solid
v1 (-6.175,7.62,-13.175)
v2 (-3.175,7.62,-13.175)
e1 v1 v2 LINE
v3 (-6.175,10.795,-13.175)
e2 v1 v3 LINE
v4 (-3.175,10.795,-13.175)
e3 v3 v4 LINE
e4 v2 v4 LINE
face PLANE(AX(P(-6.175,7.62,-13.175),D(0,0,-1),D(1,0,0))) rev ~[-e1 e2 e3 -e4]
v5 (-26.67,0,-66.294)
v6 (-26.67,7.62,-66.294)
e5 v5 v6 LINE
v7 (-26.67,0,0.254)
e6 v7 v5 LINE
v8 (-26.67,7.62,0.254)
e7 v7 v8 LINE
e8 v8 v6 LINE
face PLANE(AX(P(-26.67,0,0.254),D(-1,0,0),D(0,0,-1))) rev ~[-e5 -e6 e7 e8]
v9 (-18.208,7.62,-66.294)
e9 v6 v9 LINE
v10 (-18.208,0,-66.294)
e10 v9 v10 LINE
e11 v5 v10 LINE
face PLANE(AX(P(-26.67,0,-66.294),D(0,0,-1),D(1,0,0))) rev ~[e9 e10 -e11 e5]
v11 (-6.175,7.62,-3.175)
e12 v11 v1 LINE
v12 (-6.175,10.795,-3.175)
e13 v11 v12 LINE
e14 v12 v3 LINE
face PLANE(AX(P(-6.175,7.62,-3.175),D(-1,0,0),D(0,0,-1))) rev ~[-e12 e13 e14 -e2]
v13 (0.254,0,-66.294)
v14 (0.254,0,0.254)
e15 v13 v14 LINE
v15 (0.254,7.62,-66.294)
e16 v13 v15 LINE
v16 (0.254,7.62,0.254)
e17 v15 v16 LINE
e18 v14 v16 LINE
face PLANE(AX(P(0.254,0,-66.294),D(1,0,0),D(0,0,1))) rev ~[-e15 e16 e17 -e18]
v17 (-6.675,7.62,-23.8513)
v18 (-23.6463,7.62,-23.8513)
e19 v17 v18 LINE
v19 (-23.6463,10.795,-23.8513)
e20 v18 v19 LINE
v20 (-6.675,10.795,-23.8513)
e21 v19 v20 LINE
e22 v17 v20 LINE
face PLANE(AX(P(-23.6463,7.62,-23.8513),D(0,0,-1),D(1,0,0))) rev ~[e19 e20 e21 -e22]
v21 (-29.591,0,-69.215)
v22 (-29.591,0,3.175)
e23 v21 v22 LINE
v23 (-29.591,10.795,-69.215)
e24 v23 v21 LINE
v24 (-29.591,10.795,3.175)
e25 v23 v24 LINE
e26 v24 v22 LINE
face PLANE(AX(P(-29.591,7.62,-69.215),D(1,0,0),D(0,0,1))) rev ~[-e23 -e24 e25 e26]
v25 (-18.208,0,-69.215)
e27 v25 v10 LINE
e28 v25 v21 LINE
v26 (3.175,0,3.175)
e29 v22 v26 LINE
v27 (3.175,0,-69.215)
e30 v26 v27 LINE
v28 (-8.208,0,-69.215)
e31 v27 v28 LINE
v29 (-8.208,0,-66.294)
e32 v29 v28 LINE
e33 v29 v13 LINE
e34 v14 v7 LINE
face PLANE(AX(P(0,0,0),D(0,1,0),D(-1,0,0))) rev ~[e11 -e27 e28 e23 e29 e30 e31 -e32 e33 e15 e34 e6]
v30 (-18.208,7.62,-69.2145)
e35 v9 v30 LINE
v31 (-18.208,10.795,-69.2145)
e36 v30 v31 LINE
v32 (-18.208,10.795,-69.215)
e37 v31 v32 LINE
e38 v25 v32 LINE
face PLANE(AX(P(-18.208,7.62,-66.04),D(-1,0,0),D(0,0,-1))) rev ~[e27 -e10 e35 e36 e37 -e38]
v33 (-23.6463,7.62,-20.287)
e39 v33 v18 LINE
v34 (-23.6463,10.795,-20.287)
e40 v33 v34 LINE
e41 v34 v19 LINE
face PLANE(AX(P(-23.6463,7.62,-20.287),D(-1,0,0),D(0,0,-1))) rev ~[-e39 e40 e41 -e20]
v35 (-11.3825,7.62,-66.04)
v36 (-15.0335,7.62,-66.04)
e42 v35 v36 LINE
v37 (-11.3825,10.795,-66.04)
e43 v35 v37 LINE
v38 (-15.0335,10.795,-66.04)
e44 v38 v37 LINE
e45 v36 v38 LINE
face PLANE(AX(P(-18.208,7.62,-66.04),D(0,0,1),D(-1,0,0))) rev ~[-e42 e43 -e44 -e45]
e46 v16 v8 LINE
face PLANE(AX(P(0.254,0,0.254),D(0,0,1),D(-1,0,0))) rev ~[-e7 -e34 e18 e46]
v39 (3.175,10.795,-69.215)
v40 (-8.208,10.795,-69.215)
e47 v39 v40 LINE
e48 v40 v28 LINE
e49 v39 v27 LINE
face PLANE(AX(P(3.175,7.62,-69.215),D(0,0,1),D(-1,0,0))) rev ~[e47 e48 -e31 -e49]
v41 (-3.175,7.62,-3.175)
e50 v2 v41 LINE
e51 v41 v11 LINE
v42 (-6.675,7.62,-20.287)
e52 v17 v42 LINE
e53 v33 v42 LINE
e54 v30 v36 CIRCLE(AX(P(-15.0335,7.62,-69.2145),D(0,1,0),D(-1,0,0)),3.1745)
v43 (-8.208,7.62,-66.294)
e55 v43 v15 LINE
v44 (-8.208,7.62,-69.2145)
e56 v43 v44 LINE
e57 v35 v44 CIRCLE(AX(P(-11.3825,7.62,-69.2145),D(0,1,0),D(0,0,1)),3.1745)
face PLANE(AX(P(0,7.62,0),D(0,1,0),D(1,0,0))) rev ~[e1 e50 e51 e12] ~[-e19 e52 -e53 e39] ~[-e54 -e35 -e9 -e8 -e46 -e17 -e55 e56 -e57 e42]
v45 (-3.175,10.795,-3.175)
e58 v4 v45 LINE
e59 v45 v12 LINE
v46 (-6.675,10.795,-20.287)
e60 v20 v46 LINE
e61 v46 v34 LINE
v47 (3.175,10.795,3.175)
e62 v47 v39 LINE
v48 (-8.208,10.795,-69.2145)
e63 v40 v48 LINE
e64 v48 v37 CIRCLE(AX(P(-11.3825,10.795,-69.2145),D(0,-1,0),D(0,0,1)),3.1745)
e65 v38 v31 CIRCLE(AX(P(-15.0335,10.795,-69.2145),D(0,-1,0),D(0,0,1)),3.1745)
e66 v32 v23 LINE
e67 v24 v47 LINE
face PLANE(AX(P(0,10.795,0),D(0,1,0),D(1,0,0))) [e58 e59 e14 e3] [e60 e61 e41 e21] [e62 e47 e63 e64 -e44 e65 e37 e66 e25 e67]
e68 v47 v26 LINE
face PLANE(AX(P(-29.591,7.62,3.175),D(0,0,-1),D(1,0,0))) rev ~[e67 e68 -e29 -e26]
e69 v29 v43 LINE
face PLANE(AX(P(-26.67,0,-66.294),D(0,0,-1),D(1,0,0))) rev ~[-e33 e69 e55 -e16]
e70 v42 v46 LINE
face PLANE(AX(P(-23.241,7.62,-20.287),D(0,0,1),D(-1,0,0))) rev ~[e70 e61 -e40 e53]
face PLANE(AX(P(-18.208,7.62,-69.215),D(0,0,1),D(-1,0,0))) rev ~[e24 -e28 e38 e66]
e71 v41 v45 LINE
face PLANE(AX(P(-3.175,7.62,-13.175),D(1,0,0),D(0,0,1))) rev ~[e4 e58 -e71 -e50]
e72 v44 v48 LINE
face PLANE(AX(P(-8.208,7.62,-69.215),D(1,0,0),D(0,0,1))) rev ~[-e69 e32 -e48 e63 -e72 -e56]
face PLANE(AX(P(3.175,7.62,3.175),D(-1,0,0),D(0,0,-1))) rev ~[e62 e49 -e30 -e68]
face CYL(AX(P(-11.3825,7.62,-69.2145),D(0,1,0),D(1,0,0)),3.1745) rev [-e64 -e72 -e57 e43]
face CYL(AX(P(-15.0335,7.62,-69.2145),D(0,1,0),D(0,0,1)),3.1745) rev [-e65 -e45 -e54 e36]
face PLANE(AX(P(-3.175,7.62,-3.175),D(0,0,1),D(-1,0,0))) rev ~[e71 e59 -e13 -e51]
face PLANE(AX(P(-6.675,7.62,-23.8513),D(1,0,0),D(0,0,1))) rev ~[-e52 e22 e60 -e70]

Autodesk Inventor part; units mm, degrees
ref_plane "YZ Plane" through (0, 0, 0) normal (1, 0, 0) x (0, 1, 0)
ref_plane "XZ Plane" through (0, 0, 0) normal (0, 1, 0) x (-1, 0, 0)
ref_plane "XY Plane" through (0, 0, 0) normal (0, 0, 1) x (1, 0, 0)
sketch "Sketch1" plane through (0, 0, 0) normal (0, 1, 0) x (-1, 0, 0)
  line L0 (0, 0) -> (26.416, 0)
  line L1 (26.416, 0) -> (26.416, -66.04)
  line L2 (26.416, -66.04) -> (0, -66.04)
  line L3 (0, -66.04) -> (0, 0)
  line L4 (29.591, -69.215) -> (29.591, 3.175)
  line L5 (29.591, 3.175) -> (-3.175, 3.175)
  line L6 (-3.175, 3.175) -> (-3.175, -69.215)
  line L7 (-3.175, -69.215) -> (29.591, -69.215)
  line L8 (13.208, -69.215) -> (18.208, -69.215)
  line L9 (18.208, -69.215) -> (18.208, -66.04)
  line L10 (18.208, -66.04) -> (13.208, -66.04)
  line L11 (13.208, -66.04) -> (13.208, -69.215)
  line L12 (13.208, -66.04) -> (8.208, -66.04)
  line L13 (8.208, -66.04) -> (8.208, -69.215)
  line L14 (8.208, -69.215) -> (13.208, -69.215)
  line L15 (13.208, -69.215) -> (13.208, -66.04)
  point P0 (18.208, -69.215)
  point P1 (8.208, -66.04)
  dimension "d0" = 26.416
  dimension "d1" = 66.04
  dimension "d2" = 3.175
  dimension "d3" = 5
  dimension "d4" = 5
extrude "Extrusion1" add sketch "Sketch1" along normal blind 7.62 contours L3 L2 L13 L7 L6 L5 L4 L9 L1 L0
sketch "Sketch2" plane through (0, 7.62, 0) normal (0, 1, 0) x (1, 0, 0)
  line L0 (-26.416, 0) -> (-26.416, 66.04) projected
  line L1 (-26.416, 0) -> (0, 0)
  line L2 (0, 0) -> (0, 66.04)
  line L3 (0, 66.04) -> (-26.416, 66.04)
  line L4 (-26.416, 66.04) -> (-26.416, 0)
  line L5 (-3.175, 3.175) -> (-23.241, 3.175)
  line L6 (-23.241, 3.175) -> (-23.241, 62.865)
  line L7 (-23.241, 62.865) -> (-3.175, 62.865)
  line L8 (-3.175, 62.865) -> (-3.175, 3.175)
  line L9 (-3.175, 3.175) -> (-6.175, 3.175)
  line L10 (-6.175, 3.175) -> (-6.175, 13.175)
  line L11 (-6.175, 13.175) -> (-3.175, 13.175)
  line L12 (-3.175, 13.175) -> (-3.175, 3.175)
  line L13 (-26.416, 66.04) -> (-18.208, 66.04) projected
  line L14 (0, 66.04) -> (0, 0) projected
  line L15 (-6.175, 13.175) -> (-6.675, 13.175)
  line L16 (-6.675, 13.175) -> (-6.675, 20.287)
  line L17 (-6.675, 20.287) -> (-6.175, 20.287)
  line L18 (-6.175, 20.287) -> (-6.175, 13.175)
  line L19 (-6.675, 20.287) -> (-23.6463, 20.287)
  line L20 (-23.6463, 20.287) -> (-23.6463, 23.8513)
  line L21 (-23.6463, 23.8513) -> (-6.675, 23.8513)
  line L22 (-6.675, 23.8513) -> (-6.675, 20.287)
  point P0 (-26.416, 66.04)
  dimension "d8" = 3.175
  dimension "d9" = 3
  dimension "d10" = 10
  dimension "d11" = 0.5
  dimension "d12" = 7.112
extrude "Extrusion2" add sketch "Sketch2" along normal blind 3.175 contours L0 L3 L2 L1 | L5 L6 L19 L16 L15 L10 | L11 L18 L17 L22 L21 L6 L7 L8 | L15 L16 L17 L18
sketch "Sketch3" plane through (0, 7.62, 0) normal (0, 1, 0) x (1, 0, 0)
  line L0 (-26.416, 66.04) -> (-18.208, 66.04) projected
  line L1 (-18.208, 66.04) -> (-18.208, 69.215) projected
  line L2 (-18.208, 69.215) -> (-29.591, 69.215) projected
  line L3 (-29.591, 69.215) -> (-29.591, -3.175) projected
  line L4 (-29.591, -3.175) -> (3.175, -3.175) projected
  line L5 (3.175, -3.175) -> (3.175, 69.215) projected
  line L6 (3.175, 69.215) -> (-8.208, 69.215) projected
  line L7 (-8.208, 69.215) -> (-8.208, 66.04) projected
  line L8 (-8.208, 66.04) -> (0, 66.04) projected
  line L9 (0, 66.04) -> (0, 0) projected
  line L10 (0, 0) -> (-26.416, 0) projected
  line L11 (-26.416, 0) -> (-26.416, 66.04) projected
extrude "Extrusion3" add sketch "Sketch3" along normal blind 3.175
fillet "Fillet1" radius 3.175 2 edges at (-18.208, 9.2075, -66.04) (-8.208, 9.2075, -66.04)
sketch "Sketch4" plane through (0, 0, 0) normal (0, -1, 0) x (1, 0, 0)
  line L0 (0, 0) -> (-26.416, 0) projected
  line L1 (-26.416, -66.04) -> (-18.208, -66.04) projected
  line L2 (0, 0) -> (-26.416, 0)
  line L3 (-26.416, 0) -> (-26.416, -66.04)
  line L4 (-26.416, -66.04) -> (0, -66.04)
  line L5 (0, -66.04) -> (0, 0)
  line L6 (0.254, 0.254) -> (-26.67, 0.254)
  line L7 (-26.67, 0.254) -> (-26.67, -66.294)
  line L8 (-26.67, -66.294) -> (0.254, -66.294)
  line L9 (0.254, -66.294) -> (0.254, 0.254)
  dimension "d18" = 0.254
extrude "Extrusion4" cut sketch "Sketch4" against normal up to surface (7.62 mm away) contours L5 L4 L1 L3 L0 | L9 L8 L7 L6
properties part number "RadioMountCover" material "Rubber, Silicone"
